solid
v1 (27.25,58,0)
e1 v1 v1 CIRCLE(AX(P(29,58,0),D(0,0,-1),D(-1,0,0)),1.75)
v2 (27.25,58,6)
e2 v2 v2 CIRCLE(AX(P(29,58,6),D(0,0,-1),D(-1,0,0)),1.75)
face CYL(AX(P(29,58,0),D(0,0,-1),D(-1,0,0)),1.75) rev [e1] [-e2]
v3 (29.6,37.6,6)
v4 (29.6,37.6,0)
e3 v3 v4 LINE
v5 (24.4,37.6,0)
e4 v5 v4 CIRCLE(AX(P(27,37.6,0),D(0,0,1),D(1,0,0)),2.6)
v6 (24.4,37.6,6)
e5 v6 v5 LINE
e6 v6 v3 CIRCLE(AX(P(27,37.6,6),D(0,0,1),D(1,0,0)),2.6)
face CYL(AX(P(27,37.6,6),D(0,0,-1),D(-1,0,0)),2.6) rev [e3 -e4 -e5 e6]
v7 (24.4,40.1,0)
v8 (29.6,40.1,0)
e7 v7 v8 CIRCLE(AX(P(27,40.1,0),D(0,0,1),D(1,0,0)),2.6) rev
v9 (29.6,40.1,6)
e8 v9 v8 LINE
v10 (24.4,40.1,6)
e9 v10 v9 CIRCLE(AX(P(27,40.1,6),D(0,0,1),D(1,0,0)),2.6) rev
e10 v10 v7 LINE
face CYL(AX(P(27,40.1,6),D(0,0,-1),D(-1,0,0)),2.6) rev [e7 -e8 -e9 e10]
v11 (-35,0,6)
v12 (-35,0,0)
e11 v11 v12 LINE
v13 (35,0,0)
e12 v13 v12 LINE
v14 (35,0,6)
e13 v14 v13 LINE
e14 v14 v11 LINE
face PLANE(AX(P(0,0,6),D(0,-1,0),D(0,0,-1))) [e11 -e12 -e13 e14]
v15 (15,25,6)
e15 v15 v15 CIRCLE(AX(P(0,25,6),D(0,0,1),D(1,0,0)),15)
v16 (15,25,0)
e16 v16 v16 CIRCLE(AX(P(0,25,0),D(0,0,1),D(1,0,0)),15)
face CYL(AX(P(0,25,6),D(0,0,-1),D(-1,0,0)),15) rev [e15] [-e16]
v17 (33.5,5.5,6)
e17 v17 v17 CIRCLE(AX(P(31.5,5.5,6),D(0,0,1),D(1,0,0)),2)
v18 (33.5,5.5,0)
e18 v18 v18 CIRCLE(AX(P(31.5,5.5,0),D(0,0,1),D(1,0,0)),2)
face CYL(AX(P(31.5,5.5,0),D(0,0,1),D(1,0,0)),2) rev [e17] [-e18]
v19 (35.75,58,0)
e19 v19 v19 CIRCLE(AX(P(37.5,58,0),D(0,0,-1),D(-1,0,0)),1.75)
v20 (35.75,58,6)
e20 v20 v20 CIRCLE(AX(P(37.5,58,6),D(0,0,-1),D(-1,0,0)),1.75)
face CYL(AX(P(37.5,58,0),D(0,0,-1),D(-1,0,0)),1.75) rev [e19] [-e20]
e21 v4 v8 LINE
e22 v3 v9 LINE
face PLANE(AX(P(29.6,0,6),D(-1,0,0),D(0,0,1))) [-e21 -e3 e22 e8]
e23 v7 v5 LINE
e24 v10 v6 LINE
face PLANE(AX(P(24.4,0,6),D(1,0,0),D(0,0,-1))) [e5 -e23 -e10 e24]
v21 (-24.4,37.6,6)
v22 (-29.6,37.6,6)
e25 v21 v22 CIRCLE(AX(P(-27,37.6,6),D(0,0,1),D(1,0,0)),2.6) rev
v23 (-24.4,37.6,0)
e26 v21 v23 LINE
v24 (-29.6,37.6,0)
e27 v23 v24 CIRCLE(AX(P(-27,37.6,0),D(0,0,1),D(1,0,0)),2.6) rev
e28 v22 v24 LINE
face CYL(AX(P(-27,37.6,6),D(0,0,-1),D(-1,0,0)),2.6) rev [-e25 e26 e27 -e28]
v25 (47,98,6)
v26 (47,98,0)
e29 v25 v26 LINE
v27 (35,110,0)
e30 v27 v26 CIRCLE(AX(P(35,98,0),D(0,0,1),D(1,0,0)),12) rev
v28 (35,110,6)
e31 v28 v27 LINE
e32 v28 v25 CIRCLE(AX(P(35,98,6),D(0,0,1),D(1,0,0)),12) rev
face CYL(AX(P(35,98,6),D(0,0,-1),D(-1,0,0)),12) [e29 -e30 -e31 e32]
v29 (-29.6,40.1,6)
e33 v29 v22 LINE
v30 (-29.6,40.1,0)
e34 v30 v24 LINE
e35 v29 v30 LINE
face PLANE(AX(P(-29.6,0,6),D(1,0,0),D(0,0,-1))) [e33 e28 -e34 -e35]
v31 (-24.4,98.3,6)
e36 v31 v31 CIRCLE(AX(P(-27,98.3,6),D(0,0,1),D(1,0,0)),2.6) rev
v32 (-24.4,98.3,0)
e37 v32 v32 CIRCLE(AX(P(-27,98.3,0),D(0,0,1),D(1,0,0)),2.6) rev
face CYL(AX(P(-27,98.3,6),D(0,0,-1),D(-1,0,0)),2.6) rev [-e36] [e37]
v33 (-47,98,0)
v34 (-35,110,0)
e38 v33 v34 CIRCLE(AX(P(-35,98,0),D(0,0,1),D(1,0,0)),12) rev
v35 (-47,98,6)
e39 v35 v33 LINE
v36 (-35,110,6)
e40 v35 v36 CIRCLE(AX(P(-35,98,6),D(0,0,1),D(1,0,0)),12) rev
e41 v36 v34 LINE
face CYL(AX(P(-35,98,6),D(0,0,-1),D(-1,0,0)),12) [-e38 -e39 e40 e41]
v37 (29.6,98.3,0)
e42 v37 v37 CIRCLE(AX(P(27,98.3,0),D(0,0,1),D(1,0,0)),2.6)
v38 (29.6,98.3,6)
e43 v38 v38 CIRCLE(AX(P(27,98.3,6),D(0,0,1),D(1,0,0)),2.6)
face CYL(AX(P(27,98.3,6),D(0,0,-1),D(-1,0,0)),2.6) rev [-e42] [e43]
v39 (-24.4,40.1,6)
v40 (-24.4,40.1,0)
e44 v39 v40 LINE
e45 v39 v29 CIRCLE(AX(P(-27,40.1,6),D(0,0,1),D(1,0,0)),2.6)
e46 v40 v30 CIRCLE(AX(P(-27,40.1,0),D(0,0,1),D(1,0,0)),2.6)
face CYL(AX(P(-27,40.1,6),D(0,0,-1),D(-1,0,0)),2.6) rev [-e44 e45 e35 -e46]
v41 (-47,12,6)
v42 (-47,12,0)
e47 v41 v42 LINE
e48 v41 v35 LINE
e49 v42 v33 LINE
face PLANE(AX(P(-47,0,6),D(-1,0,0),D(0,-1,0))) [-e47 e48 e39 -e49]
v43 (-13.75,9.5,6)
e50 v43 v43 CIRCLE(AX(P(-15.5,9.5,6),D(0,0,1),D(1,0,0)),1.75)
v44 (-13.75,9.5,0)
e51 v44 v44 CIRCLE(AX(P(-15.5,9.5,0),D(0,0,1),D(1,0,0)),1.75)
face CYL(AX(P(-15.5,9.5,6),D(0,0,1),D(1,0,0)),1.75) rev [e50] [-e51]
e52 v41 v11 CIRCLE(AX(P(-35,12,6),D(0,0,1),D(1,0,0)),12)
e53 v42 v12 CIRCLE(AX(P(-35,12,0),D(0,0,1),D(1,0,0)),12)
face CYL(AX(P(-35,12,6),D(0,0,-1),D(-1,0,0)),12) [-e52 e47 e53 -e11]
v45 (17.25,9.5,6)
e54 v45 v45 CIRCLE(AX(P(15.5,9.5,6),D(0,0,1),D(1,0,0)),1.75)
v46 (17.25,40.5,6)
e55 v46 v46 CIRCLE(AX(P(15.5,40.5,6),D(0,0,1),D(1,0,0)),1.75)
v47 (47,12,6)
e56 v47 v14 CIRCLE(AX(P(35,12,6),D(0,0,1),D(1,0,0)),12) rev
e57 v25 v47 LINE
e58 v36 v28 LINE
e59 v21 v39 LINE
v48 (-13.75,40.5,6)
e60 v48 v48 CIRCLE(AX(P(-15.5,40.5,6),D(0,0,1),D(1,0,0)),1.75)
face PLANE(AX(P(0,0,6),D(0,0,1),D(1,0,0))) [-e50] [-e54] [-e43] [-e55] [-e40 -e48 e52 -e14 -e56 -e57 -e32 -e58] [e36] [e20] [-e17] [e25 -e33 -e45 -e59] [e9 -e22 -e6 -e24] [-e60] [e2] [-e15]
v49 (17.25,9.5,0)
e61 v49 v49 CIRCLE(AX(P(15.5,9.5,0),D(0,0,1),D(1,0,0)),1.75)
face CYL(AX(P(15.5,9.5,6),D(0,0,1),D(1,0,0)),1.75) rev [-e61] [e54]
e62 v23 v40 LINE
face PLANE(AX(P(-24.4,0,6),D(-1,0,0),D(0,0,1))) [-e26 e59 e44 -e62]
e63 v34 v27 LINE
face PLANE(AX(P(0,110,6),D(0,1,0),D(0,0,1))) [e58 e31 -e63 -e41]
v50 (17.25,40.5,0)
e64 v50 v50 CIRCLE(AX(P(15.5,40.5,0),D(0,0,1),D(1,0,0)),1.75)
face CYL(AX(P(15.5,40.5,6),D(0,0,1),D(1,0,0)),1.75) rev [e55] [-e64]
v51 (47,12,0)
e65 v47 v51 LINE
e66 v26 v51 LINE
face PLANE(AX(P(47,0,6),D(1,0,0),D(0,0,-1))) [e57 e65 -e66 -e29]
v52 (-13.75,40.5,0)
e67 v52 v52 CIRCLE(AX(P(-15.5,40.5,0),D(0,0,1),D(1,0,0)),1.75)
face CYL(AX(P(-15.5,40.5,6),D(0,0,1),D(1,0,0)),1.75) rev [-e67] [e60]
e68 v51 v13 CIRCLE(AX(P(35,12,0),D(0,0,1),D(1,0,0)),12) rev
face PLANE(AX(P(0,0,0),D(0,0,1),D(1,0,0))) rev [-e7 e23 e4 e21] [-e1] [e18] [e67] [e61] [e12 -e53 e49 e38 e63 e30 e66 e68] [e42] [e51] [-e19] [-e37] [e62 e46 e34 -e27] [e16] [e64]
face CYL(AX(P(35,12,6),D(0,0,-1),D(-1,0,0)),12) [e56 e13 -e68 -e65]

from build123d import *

# Parameters (mm, degrees)
MODEL_R                     = 15
MODEL_R_2                   = 2.6
BASE_DEPTH                  = 6
SKETCH2_R                   = 2
CABLETIEMOUNT_DEPTH         = 7
F_3_5_3_5_STEPPERMOUNT_D    = 3.5
F_3_5_3_5_CABLECHAINMOUNT_D = 3.5


with BuildPart() as part:
    # Model → Base (new body)
    with BuildSketch(Plane.XY):
        with BuildLine():
            Line((47, 98), (47, 12))
            ThreePointArc((47, 12), (43.485281374, 3.514718626), (35, 0))
            Line((35, 0), (-35, 0))
            ThreePointArc((-35, 0), (-43.485281374, 3.514718626), (-47, 12))
            Line((-47, 12), (-47, 98))
            ThreePointArc((-47, 98), (-43.485281374, 106.485281374), (-35, 110))
            Line((-35, 110), (35, 110))
            ThreePointArc((35, 110), (43.485281374, 106.485281374), (47, 98))
        make_face()
        with Locations((0, 25)):
            Circle(MODEL_R, mode=Mode.SUBTRACT)
        with Locations((27, 98.3)):
            Circle(MODEL_R_2, mode=Mode.SUBTRACT)
        with Locations((-27, 98.3)):
            Circle(MODEL_R_2, mode=Mode.SUBTRACT)
        with BuildLine():
            Line((-29.6, 40.1), (-29.6, 37.6))
            ThreePointArc((-29.6, 37.6), (-27, 35), (-24.4, 37.6))
            Line((-24.4, 37.6), (-24.4, 40.1))
            ThreePointArc((-24.4, 40.1), (-27, 42.7), (-29.6, 40.1))
        make_face(mode=Mode.SUBTRACT)
        with BuildLine():
            Line((29.6, 37.6), (29.6, 40.1))
            ThreePointArc((29.6, 40.1), (27, 42.7), (24.4, 40.1))
            Line((24.4, 40.1), (24.4, 37.6))
            ThreePointArc((24.4, 37.6), (27, 35), (29.6, 37.6))
        make_face(mode=Mode.SUBTRACT)
    extrude(amount=BASE_DEPTH)

    # Sketch2 → CableTieMount (cut, through all)
    with BuildSketch(Plane.XY.offset(6)):
        with Locations((31.5, 5.5)):
            Circle(SKETCH2_R)
    extrude(amount=-CABLETIEMOUNT_DEPTH, mode=Mode.SUBTRACT)

    # Ø3.5 (3.5) StepperMount (through all)
    with Locations(Plane.XY.offset(6)):
        with Locations((-15.5, 40.5), (-15.5, 9.5), (15.5, 9.5), (15.5, 40.5)):
            Hole(F_3_5_3_5_STEPPERMOUNT_D / 2)

    # Ø3.5 (3.5) CableChainMount (through all)
    with Locations(Plane(origin=(0, 0, 0), x_dir=(-1, 0, 0), z_dir=(0, 0, -1))):
        with Locations((-37.5, 58), (-29, 58)):
            Hole(F_3_5_3_5_CABLECHAINMOUNT_D / 2)


solid = part.part
